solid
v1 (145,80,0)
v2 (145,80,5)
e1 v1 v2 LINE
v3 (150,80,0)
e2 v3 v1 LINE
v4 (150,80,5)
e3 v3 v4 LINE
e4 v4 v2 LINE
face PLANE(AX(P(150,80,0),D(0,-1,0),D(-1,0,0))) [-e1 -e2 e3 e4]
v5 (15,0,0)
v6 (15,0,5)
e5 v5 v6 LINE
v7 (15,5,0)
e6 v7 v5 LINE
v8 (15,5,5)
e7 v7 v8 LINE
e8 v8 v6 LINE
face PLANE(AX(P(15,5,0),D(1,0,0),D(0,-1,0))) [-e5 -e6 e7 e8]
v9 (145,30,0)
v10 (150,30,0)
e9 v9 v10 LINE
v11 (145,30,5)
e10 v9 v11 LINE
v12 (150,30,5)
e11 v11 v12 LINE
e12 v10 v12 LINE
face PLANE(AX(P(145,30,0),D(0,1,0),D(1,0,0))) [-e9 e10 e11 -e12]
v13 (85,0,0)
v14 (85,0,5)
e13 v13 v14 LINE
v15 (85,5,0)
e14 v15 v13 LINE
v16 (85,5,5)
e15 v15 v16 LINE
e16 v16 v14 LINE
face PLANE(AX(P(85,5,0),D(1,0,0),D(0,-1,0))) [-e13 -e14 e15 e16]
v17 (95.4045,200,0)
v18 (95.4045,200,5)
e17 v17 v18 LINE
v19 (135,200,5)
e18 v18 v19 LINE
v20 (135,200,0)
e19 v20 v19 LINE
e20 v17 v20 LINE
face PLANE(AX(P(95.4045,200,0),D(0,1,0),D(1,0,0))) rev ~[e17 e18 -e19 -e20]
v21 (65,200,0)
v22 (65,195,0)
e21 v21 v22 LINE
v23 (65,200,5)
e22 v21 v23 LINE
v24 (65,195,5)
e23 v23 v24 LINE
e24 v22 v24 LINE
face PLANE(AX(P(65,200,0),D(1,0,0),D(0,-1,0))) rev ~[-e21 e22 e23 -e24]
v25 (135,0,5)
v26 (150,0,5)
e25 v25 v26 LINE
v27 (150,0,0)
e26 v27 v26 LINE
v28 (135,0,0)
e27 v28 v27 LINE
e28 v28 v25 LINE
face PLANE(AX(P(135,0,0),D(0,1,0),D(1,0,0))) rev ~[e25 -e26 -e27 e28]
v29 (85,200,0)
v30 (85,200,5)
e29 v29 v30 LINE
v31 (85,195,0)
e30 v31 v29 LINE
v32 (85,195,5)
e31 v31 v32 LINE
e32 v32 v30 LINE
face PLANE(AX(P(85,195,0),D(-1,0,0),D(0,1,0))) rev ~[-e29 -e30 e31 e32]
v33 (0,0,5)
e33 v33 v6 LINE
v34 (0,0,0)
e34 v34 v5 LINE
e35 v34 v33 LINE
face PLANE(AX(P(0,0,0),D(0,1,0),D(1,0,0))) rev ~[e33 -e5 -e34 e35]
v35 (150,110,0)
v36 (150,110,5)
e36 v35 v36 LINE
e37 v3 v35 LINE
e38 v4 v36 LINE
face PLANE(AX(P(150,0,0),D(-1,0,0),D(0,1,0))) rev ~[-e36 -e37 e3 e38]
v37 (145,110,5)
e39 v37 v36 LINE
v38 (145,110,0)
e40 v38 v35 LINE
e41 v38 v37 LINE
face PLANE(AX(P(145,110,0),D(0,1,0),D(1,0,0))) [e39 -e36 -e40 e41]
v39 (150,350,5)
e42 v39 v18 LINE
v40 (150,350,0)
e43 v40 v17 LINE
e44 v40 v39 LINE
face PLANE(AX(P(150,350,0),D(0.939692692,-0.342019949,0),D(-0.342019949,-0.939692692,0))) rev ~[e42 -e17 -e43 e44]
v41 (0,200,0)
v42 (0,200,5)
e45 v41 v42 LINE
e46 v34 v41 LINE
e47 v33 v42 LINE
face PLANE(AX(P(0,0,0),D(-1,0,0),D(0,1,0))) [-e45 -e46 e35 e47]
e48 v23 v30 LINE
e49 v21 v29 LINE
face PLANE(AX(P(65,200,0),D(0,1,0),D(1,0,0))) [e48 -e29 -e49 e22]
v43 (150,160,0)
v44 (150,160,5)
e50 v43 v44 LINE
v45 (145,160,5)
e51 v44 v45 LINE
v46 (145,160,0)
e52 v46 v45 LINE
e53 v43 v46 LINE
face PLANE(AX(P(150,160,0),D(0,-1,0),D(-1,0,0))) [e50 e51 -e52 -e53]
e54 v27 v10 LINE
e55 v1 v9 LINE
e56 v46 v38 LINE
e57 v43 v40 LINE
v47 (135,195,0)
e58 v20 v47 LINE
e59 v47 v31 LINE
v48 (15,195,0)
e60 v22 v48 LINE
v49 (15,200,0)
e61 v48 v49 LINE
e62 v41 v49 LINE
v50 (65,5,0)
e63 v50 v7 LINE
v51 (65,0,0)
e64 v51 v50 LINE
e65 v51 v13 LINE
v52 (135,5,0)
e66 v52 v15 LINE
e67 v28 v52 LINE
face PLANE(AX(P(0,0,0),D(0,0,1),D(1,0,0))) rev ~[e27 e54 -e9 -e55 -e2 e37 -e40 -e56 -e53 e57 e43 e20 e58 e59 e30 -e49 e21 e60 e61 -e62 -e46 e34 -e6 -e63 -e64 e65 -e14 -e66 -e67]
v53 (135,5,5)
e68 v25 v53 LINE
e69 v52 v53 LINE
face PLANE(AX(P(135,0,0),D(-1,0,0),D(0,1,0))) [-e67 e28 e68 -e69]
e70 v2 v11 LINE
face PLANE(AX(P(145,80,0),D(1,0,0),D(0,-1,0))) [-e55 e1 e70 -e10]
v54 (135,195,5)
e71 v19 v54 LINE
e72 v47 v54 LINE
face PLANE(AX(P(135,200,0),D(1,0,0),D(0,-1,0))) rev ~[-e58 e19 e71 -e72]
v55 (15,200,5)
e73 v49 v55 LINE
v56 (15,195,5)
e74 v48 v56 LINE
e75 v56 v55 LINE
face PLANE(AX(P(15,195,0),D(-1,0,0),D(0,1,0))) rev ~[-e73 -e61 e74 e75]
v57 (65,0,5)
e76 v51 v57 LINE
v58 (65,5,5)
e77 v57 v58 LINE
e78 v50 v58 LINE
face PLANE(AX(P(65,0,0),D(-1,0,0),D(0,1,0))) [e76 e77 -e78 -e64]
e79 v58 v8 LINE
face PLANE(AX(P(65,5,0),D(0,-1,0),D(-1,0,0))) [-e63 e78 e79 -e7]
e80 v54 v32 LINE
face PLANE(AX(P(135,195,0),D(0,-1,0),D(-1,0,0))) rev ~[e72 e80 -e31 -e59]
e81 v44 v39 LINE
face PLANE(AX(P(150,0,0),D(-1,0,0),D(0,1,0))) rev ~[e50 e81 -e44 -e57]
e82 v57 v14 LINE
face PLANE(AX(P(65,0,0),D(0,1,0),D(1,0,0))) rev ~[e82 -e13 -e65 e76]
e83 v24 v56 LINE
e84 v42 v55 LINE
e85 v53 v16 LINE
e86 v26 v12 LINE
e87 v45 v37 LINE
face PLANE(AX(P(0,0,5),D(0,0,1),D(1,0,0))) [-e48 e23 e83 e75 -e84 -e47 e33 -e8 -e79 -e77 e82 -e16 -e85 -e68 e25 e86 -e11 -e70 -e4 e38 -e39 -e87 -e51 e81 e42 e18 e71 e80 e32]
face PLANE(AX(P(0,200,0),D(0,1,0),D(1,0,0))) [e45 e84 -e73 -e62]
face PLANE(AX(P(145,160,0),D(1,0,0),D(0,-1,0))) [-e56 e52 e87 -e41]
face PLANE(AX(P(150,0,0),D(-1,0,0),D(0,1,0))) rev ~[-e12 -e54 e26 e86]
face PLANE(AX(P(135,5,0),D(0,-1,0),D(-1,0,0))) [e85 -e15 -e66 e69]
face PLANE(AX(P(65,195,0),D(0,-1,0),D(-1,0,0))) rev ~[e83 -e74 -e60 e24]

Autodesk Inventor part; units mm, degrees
ref_plane "YZ Plane" through (0, 0, 0) normal (1, 0, 0) x (0, 1, 0)
ref_plane "XZ Plane" through (0, 0, 0) normal (0, 1, 0) x (-1, 0, 0)
ref_plane "XY Plane" through (0, 0, 0) normal (0, 0, 1) x (1, 0, 0)
sketch "Sketch1" plane through (0, 0, 0) normal (0, 0, 1) x (1, 0, 0)
  line L0 (0, 0) -> (150, 0) projected
  line L1 (150, 0) -> (150, 350) projected
  line L2 (150, 350) -> (95.4045, 200) projected
  line L3 (0, 200) -> (95.4045, 200) projected
  line L4 (0, 0) -> (0, 200) projected
  line L5 (15, 0) -> (65, 0)
  line L6 (65, 0) -> (65, 5)
  line L7 (65, 5) -> (15, 5)
  line L8 (15, 5) -> (15, 0)
  line L9 (85, 0) -> (135, 0)
  line L10 (135, 0) -> (135, 5)
  line L11 (135, 5) -> (85, 5)
  line L12 (85, 5) -> (85, 0)
  line L13 (15, 200) -> (65, 200)
  line L14 (65, 200) -> (65, 195)
  line L15 (65, 195) -> (15, 195)
  line L16 (15, 195) -> (15, 200)
  line L17 (85, 200) -> (135, 200)
  line L18 (135, 200) -> (135, 195)
  line L19 (135, 195) -> (85, 195)
  line L20 (85, 195) -> (85, 200)
  point P0 (65, 200)
  point P1 (65, 0)
  point P2 (135, 0)
  dimension "d0" = 50
  dimension "d1" = 5
  dimension "d2" = 50
  dimension "d3" = 5
  dimension "d4" = 20
  dimension "d5" = 15
  dimension "d6" = 50
  dimension "d7" = 5
  dimension "d8" = 5
  dimension "d9" = 15
extrude "Extrusion1" add sketch "Sketch1" along normal blind 5 contours L4 L3 L16 L15 L14 L20 L19 L18 L17 L2 L1 L0 L10 L11 L12 L6 L7 L8
sketch "Sketch2" plane through (0, 0, 0) normal (0, 0, -1) x (-1, 0, 0)
  line L0 (-150, 0) -> (-150, 350) projected
  line L1 (-150, 160) -> (-145, 160)
  line L2 (-145, 160) -> (-145, 110)
  line L3 (-145, 110) -> (-150, 110)
  line L4 (-150, 110) -> (-150, 160)
  line L5 (-150, 80) -> (-145, 80)
  line L6 (-145, 80) -> (-145, 30)
  line L7 (-145, 30) -> (-150, 30)
  line L8 (-150, 30) -> (-150, 80)
  line L9 (-135, 0) -> (-150, 0) projected
  point P0 (0, 0)
  dimension "d12" = 5
  dimension "d13" = 50
  dimension "d14" = 5
  dimension "d15" = 50
  dimension "d16" = 30
  dimension "d17" = 30
extrude "Extrusion2" cut sketch "Sketch2" against normal blind 5
equation "\"d2\" = d0"
equation "\"d3\" = d1"
properties part number "Lateral"
